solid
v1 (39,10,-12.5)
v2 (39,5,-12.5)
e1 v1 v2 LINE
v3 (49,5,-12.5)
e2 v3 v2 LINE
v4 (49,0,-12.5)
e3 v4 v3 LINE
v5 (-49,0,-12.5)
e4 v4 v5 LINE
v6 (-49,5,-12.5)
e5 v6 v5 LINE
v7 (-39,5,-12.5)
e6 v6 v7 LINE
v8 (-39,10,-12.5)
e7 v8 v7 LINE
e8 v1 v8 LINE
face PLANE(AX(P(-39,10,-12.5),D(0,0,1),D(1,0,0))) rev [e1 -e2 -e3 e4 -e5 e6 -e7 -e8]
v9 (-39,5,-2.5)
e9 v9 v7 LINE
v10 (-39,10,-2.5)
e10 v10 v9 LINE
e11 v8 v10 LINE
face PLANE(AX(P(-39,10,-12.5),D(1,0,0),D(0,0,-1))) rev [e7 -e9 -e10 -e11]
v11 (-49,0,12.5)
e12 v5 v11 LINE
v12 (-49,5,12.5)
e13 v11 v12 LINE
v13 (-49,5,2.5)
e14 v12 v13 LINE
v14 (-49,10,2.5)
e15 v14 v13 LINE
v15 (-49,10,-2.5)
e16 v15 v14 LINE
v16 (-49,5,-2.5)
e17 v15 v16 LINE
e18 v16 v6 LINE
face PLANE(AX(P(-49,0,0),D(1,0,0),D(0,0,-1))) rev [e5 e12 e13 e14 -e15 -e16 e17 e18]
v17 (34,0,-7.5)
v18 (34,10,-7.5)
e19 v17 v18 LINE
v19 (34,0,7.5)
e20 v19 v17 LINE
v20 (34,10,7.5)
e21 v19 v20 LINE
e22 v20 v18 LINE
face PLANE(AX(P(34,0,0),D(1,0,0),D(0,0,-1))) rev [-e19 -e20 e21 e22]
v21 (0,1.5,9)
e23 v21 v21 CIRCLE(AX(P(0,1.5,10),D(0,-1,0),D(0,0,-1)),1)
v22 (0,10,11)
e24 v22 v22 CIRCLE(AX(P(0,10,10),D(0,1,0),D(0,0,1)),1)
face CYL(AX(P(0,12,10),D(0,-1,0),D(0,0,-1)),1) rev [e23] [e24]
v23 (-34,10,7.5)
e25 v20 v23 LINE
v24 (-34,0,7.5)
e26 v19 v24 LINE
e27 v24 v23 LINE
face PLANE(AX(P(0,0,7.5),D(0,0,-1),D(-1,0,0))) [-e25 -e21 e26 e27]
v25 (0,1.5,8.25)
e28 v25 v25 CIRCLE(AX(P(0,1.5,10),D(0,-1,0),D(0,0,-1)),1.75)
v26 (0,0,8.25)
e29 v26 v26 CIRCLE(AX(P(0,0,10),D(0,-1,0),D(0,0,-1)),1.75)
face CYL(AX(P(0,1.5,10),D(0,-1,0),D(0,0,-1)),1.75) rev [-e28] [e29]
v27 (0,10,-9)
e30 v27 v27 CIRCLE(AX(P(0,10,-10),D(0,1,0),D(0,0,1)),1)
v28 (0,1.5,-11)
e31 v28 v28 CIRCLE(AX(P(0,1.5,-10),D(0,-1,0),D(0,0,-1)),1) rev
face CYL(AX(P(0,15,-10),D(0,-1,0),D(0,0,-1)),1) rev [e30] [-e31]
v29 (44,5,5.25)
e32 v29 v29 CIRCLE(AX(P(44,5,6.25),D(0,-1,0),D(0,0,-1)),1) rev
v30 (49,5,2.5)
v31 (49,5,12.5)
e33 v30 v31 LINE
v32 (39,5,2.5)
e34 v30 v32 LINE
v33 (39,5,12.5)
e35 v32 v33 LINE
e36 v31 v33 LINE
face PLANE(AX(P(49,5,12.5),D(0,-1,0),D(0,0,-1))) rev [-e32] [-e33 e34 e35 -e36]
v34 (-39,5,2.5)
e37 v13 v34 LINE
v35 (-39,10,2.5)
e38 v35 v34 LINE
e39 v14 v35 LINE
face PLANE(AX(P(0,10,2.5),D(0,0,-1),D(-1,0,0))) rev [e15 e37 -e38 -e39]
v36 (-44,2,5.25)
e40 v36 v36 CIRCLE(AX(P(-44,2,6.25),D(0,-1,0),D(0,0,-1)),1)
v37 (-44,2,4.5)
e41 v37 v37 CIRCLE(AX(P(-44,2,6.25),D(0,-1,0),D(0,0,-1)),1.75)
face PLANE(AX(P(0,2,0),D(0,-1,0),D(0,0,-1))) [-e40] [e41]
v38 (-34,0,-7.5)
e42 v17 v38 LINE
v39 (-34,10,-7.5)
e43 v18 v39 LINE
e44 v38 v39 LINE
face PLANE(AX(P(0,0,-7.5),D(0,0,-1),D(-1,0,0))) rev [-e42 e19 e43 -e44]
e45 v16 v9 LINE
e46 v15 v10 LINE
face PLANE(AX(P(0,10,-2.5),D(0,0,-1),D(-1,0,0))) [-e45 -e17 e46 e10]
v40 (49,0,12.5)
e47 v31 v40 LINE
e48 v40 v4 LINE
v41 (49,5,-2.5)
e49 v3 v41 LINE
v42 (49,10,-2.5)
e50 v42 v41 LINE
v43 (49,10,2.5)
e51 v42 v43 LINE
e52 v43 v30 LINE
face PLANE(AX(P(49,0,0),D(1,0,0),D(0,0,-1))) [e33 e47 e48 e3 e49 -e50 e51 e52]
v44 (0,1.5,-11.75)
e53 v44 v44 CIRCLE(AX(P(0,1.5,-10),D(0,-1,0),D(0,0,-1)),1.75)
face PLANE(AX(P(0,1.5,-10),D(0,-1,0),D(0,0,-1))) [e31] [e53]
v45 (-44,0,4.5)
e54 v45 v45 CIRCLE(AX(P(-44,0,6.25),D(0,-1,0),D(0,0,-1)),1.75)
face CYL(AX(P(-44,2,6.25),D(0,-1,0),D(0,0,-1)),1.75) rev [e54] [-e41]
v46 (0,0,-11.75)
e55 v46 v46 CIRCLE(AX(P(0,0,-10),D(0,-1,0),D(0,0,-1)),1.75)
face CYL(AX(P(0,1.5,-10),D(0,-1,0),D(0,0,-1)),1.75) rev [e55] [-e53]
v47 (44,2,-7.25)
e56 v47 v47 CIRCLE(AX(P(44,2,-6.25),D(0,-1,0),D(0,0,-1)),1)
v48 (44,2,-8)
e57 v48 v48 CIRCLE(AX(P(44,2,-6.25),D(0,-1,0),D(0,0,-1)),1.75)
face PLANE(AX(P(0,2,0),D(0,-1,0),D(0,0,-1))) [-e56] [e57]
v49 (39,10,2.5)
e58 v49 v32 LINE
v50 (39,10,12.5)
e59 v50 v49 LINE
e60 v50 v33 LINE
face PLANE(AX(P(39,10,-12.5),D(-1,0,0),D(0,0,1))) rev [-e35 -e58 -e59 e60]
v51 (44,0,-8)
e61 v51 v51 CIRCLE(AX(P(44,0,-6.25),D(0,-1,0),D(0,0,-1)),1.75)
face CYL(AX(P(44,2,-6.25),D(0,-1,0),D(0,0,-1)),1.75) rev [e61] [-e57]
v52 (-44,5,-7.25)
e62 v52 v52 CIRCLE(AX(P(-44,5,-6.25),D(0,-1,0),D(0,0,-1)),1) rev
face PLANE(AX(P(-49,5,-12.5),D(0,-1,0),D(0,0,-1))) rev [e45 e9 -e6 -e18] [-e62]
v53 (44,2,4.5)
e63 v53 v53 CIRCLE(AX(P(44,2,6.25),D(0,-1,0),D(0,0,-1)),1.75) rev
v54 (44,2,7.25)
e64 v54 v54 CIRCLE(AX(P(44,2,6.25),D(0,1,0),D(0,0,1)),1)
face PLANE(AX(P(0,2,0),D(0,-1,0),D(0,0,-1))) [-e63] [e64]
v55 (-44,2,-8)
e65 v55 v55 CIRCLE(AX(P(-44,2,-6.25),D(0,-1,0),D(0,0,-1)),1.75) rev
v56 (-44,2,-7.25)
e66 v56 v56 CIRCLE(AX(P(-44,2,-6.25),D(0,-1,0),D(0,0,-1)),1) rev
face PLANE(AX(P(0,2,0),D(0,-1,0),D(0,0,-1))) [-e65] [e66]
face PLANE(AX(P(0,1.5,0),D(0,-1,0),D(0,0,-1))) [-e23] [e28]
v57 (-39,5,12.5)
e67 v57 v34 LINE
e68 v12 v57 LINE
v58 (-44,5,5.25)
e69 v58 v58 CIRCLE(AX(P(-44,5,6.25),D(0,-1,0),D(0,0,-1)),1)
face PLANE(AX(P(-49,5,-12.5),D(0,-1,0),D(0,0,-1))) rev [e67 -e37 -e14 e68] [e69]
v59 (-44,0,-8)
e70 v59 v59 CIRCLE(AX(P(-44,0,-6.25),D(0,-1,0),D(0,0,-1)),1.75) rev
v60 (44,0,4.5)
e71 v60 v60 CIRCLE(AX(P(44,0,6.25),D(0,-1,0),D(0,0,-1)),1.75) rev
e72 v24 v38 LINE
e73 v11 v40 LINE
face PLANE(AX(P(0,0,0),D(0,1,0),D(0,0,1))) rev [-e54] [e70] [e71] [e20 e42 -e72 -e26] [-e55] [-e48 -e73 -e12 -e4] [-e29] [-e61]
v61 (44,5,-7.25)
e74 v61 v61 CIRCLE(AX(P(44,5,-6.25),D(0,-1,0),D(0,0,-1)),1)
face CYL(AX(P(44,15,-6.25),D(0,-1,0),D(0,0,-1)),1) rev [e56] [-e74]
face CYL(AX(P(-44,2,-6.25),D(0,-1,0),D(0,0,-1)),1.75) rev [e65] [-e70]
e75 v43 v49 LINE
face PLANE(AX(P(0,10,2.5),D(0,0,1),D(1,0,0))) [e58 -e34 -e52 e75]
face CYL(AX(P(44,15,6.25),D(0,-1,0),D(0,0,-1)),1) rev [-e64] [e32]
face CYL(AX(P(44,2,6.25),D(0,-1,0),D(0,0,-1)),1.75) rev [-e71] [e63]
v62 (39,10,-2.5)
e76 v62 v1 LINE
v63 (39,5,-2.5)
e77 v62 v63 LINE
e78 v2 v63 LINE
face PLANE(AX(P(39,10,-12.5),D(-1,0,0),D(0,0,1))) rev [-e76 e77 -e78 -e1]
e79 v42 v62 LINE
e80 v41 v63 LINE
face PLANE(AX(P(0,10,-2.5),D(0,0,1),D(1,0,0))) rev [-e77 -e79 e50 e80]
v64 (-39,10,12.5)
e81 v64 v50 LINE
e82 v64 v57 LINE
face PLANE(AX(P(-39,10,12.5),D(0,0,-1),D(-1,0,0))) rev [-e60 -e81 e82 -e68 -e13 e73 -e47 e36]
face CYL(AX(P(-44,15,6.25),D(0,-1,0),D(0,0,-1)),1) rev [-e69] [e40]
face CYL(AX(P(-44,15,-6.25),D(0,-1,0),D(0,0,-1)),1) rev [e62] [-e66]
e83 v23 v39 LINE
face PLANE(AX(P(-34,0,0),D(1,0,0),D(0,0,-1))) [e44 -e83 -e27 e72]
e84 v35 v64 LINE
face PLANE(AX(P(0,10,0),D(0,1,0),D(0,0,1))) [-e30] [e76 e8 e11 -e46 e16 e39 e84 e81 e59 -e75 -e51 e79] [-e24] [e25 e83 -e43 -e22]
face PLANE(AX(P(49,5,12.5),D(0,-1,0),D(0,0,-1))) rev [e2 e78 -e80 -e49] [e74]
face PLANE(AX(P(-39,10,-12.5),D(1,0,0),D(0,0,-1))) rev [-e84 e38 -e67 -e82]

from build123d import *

# Parameters (mm, degrees)
SKETCH1_W           = 78
SKETCH1_H           = 25
BOSS_EXTRUDE1_DEPTH = 10
SKETCH2_W           = 68
SKETCH2_H           = 15
CUT_EXTRUDE2_DEPTH  = 10
SKETCH3_W           = 25
SKETCH3_H           = 5
BOSS_EXTRUDE2_DEPTH = 10
SKETCH4_W           = 25
SKETCH4_H           = 5
BOSS_EXTRUDE3_DEPTH = 10
SKETCH6_W           = 10
SKETCH6_H           = 5
BOSS_EXTRUDE4_DEPTH = 5
SKETCH9_R           = 1.75
CUT_EXTRUDE5_DEPTH  = 2
SKETCH10_R          = 1
CUT_EXTRUDE6_DEPTH  = 13
CUT_EXTRUDE7_DEPTH  = 1.5
SKETCH12_R          = 1
CUT_EXTRUDE8_DEPTH  = 10.5
SKETCH13_R          = 1
CUT_EXTRUDE9_DEPTH  = 15
SKETCH14_R          = 1.75
CUT_EXTRUDE11_DEPTH = 1.5


with BuildPart() as part:
    # Sketch1 → Boss-Extrude1 (new body)
    with BuildSketch(Plane(origin=(0, 0, 0), x_dir=(1, 0, 0), z_dir=(0, 1, 0))):
        Rectangle(SKETCH1_W, SKETCH1_H)
    extrude(amount=BOSS_EXTRUDE1_DEPTH)

    # Sketch2 → Cut-Extrude2 (cut)
    with BuildSketch(Plane(origin=(0, 10, 0), x_dir=(1, 0, 0), z_dir=(0, 1, 0))):
        Rectangle(SKETCH2_W, SKETCH2_H)
    extrude(amount=-CUT_EXTRUDE2_DEPTH, mode=Mode.SUBTRACT)

    # Sketch3 → Boss-Extrude2 (add)
    with BuildSketch(Plane.ZY.offset(39)):
        with Locations((0, 2.5)):
            Rectangle(SKETCH3_W, SKETCH3_H)
    extrude(amount=BOSS_EXTRUDE2_DEPTH)

    # Sketch4 → Boss-Extrude3 (add)
    with BuildSketch(Plane(origin=(39, 0, 0), x_dir=(0, 0, -1), z_dir=(1, 0, 0))):
        with Locations((0, 2.5)):
            Rectangle(SKETCH4_W, SKETCH4_H)
    extrude(amount=BOSS_EXTRUDE3_DEPTH)

    # Sketch6 → Boss-Extrude4 (add)
    with BuildSketch(Plane(origin=(0, 5, 0), x_dir=(1, 0, 0), z_dir=(0, 1, 0))):
        with Locations((44, 0)):
            Rectangle(SKETCH6_W, SKETCH6_H)
        with Locations((-44, 0)):
            Rectangle(SKETCH6_W, SKETCH6_H)
    extrude(amount=BOSS_EXTRUDE4_DEPTH)

    # Sketch9 → Cut-Extrude5 (cut)
    with BuildSketch(Plane.XZ):
        with Locations(Location((-44, 6.25, 0), (0, 0, 270))):
            Circle(SKETCH9_R)
        with Locations(Location((-44, -6.25, 0), (0, 0, 270))):
            Circle(SKETCH9_R)
        with Locations(Location((44, 6.25, 0), (0, 0, 270))):
            Circle(SKETCH9_R)
        with Locations(Location((44, -6.25, 0), (0, 0, 270))):
            Circle(SKETCH9_R)
    extrude(amount=-CUT_EXTRUDE5_DEPTH, mode=Mode.SUBTRACT)

    # Sketch10 → Cut-Extrude6 (cut)
    with BuildSketch(Plane.XZ.offset(-2)):
        with Locations(Location((-44, 6.25, 0), (0, 0, 270))):
            Circle(SKETCH10_R)
        with Locations(Location((-44, -6.25, 0), (0, 0, 270))):
            Circle(SKETCH10_R)
        with Locations(Location((44, 6.25, 0), (0, 0, 270))):
            Circle(SKETCH10_R)
        with Locations(Location((44, -6.25, 0), (0, 0, 270))):
            Circle(SKETCH10_R)
    extrude(amount=-CUT_EXTRUDE6_DEPTH, mode=Mode.SUBTRACT)

    # Sketch11 → Cut-Extrude7 (cut)
    with BuildSketch(Plane.XZ):
        with BuildLine():
            ThreePointArc((0, 11.75), (-1.75, 10), (0, 8.25))
            Line((0, 8.25), (0, 11.75))
        make_face()
        with BuildLine():
            Line((0, 11.75), (0, 8.25))
            ThreePointArc((0, 8.25), (1.237436867, 8.762563133), (1.75, 10))
            ThreePointArc((1.75, 10), (1.237436867, 11.237436867), (0, 11.75))
        make_face()
    extrude(amount=-CUT_EXTRUDE7_DEPTH, mode=Mode.SUBTRACT)

    # Sketch12 → Cut-Extrude8 (cut)
    with BuildSketch(Plane.XZ.offset(-1.5)):
        with Locations(Location((0, 10, 0), (0, 0, 270))):
            Circle(SKETCH12_R)
    extrude(amount=-CUT_EXTRUDE8_DEPTH, mode=Mode.SUBTRACT)

    # Sketch13 → Cut-Extrude9 (cut)
    with BuildSketch(Plane.XZ):
        with Locations(Location((0, -10, 0), (0, 0, 270))):
            Circle(SKETCH13_R)
    extrude(amount=-CUT_EXTRUDE9_DEPTH, mode=Mode.SUBTRACT)

    # Sketch14 → Cut-Extrude11 (cut)
    with BuildSketch(Plane.XZ):
        with Locations(Location((0, -10, 0), (0, 0, 270))):
            Circle(SKETCH14_R)
    extrude(amount=-CUT_EXTRUDE11_DEPTH, mode=Mode.SUBTRACT)


solid = part.part
